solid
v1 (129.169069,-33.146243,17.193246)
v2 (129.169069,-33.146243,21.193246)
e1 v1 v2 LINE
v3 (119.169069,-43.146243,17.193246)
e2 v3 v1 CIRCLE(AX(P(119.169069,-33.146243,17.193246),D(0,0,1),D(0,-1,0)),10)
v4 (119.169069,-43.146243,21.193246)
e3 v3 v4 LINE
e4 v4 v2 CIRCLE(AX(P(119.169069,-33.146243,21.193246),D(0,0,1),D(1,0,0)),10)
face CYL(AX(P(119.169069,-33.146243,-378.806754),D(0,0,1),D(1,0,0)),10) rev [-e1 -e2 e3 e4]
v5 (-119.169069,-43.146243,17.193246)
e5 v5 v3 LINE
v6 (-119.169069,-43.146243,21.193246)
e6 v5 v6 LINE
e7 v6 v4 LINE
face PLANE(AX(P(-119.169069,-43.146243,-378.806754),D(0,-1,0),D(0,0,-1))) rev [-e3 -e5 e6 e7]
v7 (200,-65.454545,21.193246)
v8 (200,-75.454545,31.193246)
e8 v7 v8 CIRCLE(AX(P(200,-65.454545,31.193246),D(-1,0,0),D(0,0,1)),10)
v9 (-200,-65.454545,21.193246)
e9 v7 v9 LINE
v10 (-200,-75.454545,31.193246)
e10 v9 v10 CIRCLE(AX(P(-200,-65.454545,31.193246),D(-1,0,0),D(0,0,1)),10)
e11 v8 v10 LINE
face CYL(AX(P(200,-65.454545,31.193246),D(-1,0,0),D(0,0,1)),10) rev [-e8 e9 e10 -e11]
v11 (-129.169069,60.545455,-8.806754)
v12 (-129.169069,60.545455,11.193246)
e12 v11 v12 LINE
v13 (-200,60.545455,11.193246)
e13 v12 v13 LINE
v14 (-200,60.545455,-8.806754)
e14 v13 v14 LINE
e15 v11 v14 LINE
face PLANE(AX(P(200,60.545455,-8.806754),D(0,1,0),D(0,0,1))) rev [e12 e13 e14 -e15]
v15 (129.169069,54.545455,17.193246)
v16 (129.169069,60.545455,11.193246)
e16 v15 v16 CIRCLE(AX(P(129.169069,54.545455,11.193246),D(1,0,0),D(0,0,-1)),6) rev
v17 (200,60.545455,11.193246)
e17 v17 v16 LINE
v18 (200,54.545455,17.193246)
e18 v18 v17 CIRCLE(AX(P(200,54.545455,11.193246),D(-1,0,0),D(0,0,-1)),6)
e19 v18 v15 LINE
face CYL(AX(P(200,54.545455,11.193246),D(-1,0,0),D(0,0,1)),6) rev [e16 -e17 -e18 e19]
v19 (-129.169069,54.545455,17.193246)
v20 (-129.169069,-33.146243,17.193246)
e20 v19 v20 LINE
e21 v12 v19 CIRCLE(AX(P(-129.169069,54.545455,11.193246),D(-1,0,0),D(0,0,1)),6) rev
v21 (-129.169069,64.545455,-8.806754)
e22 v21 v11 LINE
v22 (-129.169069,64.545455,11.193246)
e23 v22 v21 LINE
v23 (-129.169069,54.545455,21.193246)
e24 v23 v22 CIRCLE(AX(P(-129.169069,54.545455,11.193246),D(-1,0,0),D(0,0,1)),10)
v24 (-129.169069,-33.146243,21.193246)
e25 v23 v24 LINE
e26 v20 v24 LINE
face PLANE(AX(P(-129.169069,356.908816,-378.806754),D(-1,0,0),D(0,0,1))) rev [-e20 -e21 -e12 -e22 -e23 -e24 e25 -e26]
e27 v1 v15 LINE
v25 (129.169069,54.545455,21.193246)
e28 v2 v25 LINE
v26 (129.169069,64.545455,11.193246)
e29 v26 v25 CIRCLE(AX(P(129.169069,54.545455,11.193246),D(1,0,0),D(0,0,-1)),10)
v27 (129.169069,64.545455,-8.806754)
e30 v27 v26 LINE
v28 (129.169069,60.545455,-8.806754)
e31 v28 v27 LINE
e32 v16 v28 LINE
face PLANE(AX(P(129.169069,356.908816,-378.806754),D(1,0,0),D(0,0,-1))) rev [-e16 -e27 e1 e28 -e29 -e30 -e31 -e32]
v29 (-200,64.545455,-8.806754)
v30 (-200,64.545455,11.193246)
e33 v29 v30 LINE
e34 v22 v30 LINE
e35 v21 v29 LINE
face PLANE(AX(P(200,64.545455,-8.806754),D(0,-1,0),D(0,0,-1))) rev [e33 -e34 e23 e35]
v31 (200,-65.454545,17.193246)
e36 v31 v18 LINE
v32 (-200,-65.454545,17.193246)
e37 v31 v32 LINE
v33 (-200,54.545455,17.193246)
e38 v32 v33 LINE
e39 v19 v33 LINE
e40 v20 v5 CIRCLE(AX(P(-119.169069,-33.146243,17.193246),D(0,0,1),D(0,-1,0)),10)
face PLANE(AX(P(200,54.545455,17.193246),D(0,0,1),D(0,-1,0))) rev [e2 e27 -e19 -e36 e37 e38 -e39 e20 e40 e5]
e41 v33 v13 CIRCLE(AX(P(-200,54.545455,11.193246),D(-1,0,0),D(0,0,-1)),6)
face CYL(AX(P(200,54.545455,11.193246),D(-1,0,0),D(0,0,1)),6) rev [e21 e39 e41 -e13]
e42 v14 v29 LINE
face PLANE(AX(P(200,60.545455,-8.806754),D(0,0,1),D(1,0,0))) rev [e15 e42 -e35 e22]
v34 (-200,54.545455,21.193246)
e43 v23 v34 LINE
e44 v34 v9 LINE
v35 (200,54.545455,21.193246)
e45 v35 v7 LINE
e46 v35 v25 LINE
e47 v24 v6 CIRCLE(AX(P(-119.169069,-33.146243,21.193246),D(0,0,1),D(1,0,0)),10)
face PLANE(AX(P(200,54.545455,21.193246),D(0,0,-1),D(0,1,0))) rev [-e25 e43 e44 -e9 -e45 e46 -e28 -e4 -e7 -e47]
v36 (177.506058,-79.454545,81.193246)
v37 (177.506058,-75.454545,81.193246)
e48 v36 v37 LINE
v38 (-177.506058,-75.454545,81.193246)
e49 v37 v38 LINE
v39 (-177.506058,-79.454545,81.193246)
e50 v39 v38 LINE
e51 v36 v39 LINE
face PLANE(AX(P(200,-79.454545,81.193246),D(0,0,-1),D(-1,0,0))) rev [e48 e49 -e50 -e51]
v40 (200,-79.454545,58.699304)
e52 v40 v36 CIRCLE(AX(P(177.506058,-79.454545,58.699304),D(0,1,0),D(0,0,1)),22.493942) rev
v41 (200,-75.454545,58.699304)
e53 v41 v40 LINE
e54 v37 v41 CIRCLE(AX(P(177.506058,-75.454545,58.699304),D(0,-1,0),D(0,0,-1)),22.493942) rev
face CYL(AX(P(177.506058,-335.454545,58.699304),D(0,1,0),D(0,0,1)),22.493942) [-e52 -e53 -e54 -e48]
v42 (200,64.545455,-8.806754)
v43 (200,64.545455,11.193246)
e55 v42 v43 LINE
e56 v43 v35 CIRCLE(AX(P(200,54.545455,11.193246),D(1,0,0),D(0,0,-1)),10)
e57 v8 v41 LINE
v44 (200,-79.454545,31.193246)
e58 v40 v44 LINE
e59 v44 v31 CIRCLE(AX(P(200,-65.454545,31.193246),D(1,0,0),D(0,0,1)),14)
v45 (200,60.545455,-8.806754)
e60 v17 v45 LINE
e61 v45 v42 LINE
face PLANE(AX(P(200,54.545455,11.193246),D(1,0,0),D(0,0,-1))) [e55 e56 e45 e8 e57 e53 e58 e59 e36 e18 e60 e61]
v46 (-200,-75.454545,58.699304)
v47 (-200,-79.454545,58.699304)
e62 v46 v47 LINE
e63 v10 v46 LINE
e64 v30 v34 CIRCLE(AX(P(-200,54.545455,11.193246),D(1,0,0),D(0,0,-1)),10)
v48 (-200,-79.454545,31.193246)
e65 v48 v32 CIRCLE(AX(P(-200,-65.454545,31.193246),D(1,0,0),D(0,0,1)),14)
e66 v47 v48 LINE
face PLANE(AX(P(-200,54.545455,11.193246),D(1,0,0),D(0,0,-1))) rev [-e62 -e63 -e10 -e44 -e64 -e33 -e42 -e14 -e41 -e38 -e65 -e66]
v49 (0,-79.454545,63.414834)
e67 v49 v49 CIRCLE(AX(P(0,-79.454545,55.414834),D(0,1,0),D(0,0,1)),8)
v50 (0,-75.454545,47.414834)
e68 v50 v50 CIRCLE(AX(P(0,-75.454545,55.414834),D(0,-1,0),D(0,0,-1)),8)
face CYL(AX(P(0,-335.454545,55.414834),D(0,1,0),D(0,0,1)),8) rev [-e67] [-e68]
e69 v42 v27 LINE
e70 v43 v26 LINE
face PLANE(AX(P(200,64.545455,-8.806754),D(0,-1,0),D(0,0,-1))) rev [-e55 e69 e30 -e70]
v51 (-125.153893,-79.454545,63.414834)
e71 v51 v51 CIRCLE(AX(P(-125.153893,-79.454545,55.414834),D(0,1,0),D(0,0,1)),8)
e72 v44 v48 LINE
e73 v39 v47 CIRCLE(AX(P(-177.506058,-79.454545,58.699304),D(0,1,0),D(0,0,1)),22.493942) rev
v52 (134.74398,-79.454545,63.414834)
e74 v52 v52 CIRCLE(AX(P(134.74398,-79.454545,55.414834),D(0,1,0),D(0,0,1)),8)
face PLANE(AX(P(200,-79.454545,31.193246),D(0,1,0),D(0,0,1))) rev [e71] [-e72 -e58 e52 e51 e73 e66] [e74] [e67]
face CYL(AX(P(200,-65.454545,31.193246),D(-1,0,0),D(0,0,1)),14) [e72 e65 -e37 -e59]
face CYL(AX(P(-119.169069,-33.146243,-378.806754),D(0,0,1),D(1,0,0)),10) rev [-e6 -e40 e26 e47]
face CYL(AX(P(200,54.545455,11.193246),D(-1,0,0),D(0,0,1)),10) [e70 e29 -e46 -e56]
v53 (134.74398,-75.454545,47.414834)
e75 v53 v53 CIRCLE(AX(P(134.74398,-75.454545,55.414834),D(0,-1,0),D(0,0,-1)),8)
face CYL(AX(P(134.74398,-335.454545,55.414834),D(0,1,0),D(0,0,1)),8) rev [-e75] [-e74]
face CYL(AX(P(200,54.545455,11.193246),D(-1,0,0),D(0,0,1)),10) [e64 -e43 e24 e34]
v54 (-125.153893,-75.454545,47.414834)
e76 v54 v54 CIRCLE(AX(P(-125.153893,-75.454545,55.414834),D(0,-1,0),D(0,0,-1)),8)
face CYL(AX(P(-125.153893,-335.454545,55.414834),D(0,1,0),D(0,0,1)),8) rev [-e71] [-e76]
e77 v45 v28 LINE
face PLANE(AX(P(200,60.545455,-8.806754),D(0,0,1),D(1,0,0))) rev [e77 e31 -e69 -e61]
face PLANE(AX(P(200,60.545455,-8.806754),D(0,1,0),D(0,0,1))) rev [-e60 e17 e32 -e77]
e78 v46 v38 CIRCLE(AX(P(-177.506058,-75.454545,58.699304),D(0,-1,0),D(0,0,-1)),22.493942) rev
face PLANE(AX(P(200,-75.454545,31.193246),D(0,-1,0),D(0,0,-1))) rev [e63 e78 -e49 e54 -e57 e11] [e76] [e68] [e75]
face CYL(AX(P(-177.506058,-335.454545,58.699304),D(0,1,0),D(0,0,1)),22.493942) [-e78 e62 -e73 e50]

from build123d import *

# Parameters (mm, degrees)
BOSS_EXTRUDE1_DEPTH = 100
SKETCH2_R           = 4
CUT_EXTRUDE1_DEPTH  = 200
CUT_EXTRUDE2_DEPTH  = 200
SCALE1_SCALE        = 2


with BuildPart() as part:
    # Sketch1 → Boss-Extrude1 (new, symmetric)
    with BuildSketch(Plane(origin=(0, 0, 0), x_dir=(0, 0, -1), z_dir=(1, 0, 0))):
        with BuildLine():
            Line((4.403376918, 32.272727273), (-5.596623082, 32.272727273))
            ThreePointArc((-5.596623082, 32.272727273), (-9.132156988, 30.808261179), (-10.596623082, 27.272727273))
            Line((-10.596623082, 27.272727273), (-10.596623082, -32.727272727))
            ThreePointArc((-10.596623082, -32.727272727), (-12.061089177, -36.262806633), (-15.596623082, -37.727272727))
            Line((-15.596623082, -37.727272727), (-40.596623082, -37.727272727))
            Line((-40.596623082, -37.727272727), (-40.596623082, -39.727272727))
            Line((-40.596623082, -39.727272727), (-15.596623082, -39.727272727))
            ThreePointArc((-15.596623082, -39.727272727), (-10.646875614, -37.677020196), (-8.596623082, -32.727272727))
            Line((-8.596623082, -32.727272727), (-8.596623082, 27.272727273))
            ThreePointArc((-8.596623082, 27.272727273), (-7.717943426, 29.394047616), (-5.596623082, 30.272727273))
            Line((-5.596623082, 30.272727273), (4.403376918, 30.272727273))
            Line((4.403376918, 30.272727273), (4.403376918, 32.272727273))
        make_face()
    extrude(amount=BOSS_EXTRUDE1_DEPTH, both=True)

    # Sketch2 → Cut-Extrude1 (cut)
    with BuildSketch(Plane(origin=(0, 32.272727273, 0), x_dir=(1, 0, 0), z_dir=(0, 1, 0))):
        with Locations(Location((0, -27.707416892, 0), (0, 0, 270))):
            Circle(SKETCH2_R)
        with Locations(Location((-62.576946362, -27.707416892, 0), (0, 0, 270))):
            Circle(SKETCH2_R)
        with Locations(Location((67.371990144, -27.707416892, 0), (0, 0, 270))):
            Circle(SKETCH2_R)
        with BuildLine():
            Line((-88.753028946, -40.596623082), (-100, -40.596623082))
            Line((-100, -40.596623082), (-100, -29.349652028))
            ThreePointArc((-100, -29.349652028), (-96.705838446, -37.302461529), (-88.753028946, -40.596623082))
        make_face()
        with BuildLine():
            Line((100, -40.596623082), (100, -29.349652028))
            ThreePointArc((100, -29.349652028), (96.705838446, -37.302461529), (88.753028946, -40.596623082))
            Line((88.753028946, -40.596623082), (100, -40.596623082))
        make_face()
    extrude(amount=-CUT_EXTRUDE1_DEPTH, mode=Mode.SUBTRACT)

    # Sketch3 → Cut-Extrude2 (cut)
    with BuildSketch(Plane.XY.offset(10.596623082)):
        with BuildLine():
            Line((-64.584534402, 178.454407754), (64.584534402, 178.454407754))
            Line((64.584534402, 178.454407754), (64.584534402, -16.573121652))
            ThreePointArc((64.584534402, -16.573121652), (63.120068308, -20.108655558), (59.584534402, -21.573121652))
            Line((59.584534402, -21.573121652), (-59.584534402, -21.573121652))
            ThreePointArc((-59.584534402, -21.573121652), (-63.120068308, -20.108655558), (-64.584534402, -16.573121652))
            Line((-64.584534402, -16.573121652), (-64.584534402, 178.454407754))
        make_face()
    extrude(amount=-CUT_EXTRUDE2_DEPTH, mode=Mode.SUBTRACT)


with BuildPart() as part_1:
    # Scale1: scaled about (0, 0, 0)
    add(part.part.scale(SCALE1_SCALE))


solid = part_1.part
